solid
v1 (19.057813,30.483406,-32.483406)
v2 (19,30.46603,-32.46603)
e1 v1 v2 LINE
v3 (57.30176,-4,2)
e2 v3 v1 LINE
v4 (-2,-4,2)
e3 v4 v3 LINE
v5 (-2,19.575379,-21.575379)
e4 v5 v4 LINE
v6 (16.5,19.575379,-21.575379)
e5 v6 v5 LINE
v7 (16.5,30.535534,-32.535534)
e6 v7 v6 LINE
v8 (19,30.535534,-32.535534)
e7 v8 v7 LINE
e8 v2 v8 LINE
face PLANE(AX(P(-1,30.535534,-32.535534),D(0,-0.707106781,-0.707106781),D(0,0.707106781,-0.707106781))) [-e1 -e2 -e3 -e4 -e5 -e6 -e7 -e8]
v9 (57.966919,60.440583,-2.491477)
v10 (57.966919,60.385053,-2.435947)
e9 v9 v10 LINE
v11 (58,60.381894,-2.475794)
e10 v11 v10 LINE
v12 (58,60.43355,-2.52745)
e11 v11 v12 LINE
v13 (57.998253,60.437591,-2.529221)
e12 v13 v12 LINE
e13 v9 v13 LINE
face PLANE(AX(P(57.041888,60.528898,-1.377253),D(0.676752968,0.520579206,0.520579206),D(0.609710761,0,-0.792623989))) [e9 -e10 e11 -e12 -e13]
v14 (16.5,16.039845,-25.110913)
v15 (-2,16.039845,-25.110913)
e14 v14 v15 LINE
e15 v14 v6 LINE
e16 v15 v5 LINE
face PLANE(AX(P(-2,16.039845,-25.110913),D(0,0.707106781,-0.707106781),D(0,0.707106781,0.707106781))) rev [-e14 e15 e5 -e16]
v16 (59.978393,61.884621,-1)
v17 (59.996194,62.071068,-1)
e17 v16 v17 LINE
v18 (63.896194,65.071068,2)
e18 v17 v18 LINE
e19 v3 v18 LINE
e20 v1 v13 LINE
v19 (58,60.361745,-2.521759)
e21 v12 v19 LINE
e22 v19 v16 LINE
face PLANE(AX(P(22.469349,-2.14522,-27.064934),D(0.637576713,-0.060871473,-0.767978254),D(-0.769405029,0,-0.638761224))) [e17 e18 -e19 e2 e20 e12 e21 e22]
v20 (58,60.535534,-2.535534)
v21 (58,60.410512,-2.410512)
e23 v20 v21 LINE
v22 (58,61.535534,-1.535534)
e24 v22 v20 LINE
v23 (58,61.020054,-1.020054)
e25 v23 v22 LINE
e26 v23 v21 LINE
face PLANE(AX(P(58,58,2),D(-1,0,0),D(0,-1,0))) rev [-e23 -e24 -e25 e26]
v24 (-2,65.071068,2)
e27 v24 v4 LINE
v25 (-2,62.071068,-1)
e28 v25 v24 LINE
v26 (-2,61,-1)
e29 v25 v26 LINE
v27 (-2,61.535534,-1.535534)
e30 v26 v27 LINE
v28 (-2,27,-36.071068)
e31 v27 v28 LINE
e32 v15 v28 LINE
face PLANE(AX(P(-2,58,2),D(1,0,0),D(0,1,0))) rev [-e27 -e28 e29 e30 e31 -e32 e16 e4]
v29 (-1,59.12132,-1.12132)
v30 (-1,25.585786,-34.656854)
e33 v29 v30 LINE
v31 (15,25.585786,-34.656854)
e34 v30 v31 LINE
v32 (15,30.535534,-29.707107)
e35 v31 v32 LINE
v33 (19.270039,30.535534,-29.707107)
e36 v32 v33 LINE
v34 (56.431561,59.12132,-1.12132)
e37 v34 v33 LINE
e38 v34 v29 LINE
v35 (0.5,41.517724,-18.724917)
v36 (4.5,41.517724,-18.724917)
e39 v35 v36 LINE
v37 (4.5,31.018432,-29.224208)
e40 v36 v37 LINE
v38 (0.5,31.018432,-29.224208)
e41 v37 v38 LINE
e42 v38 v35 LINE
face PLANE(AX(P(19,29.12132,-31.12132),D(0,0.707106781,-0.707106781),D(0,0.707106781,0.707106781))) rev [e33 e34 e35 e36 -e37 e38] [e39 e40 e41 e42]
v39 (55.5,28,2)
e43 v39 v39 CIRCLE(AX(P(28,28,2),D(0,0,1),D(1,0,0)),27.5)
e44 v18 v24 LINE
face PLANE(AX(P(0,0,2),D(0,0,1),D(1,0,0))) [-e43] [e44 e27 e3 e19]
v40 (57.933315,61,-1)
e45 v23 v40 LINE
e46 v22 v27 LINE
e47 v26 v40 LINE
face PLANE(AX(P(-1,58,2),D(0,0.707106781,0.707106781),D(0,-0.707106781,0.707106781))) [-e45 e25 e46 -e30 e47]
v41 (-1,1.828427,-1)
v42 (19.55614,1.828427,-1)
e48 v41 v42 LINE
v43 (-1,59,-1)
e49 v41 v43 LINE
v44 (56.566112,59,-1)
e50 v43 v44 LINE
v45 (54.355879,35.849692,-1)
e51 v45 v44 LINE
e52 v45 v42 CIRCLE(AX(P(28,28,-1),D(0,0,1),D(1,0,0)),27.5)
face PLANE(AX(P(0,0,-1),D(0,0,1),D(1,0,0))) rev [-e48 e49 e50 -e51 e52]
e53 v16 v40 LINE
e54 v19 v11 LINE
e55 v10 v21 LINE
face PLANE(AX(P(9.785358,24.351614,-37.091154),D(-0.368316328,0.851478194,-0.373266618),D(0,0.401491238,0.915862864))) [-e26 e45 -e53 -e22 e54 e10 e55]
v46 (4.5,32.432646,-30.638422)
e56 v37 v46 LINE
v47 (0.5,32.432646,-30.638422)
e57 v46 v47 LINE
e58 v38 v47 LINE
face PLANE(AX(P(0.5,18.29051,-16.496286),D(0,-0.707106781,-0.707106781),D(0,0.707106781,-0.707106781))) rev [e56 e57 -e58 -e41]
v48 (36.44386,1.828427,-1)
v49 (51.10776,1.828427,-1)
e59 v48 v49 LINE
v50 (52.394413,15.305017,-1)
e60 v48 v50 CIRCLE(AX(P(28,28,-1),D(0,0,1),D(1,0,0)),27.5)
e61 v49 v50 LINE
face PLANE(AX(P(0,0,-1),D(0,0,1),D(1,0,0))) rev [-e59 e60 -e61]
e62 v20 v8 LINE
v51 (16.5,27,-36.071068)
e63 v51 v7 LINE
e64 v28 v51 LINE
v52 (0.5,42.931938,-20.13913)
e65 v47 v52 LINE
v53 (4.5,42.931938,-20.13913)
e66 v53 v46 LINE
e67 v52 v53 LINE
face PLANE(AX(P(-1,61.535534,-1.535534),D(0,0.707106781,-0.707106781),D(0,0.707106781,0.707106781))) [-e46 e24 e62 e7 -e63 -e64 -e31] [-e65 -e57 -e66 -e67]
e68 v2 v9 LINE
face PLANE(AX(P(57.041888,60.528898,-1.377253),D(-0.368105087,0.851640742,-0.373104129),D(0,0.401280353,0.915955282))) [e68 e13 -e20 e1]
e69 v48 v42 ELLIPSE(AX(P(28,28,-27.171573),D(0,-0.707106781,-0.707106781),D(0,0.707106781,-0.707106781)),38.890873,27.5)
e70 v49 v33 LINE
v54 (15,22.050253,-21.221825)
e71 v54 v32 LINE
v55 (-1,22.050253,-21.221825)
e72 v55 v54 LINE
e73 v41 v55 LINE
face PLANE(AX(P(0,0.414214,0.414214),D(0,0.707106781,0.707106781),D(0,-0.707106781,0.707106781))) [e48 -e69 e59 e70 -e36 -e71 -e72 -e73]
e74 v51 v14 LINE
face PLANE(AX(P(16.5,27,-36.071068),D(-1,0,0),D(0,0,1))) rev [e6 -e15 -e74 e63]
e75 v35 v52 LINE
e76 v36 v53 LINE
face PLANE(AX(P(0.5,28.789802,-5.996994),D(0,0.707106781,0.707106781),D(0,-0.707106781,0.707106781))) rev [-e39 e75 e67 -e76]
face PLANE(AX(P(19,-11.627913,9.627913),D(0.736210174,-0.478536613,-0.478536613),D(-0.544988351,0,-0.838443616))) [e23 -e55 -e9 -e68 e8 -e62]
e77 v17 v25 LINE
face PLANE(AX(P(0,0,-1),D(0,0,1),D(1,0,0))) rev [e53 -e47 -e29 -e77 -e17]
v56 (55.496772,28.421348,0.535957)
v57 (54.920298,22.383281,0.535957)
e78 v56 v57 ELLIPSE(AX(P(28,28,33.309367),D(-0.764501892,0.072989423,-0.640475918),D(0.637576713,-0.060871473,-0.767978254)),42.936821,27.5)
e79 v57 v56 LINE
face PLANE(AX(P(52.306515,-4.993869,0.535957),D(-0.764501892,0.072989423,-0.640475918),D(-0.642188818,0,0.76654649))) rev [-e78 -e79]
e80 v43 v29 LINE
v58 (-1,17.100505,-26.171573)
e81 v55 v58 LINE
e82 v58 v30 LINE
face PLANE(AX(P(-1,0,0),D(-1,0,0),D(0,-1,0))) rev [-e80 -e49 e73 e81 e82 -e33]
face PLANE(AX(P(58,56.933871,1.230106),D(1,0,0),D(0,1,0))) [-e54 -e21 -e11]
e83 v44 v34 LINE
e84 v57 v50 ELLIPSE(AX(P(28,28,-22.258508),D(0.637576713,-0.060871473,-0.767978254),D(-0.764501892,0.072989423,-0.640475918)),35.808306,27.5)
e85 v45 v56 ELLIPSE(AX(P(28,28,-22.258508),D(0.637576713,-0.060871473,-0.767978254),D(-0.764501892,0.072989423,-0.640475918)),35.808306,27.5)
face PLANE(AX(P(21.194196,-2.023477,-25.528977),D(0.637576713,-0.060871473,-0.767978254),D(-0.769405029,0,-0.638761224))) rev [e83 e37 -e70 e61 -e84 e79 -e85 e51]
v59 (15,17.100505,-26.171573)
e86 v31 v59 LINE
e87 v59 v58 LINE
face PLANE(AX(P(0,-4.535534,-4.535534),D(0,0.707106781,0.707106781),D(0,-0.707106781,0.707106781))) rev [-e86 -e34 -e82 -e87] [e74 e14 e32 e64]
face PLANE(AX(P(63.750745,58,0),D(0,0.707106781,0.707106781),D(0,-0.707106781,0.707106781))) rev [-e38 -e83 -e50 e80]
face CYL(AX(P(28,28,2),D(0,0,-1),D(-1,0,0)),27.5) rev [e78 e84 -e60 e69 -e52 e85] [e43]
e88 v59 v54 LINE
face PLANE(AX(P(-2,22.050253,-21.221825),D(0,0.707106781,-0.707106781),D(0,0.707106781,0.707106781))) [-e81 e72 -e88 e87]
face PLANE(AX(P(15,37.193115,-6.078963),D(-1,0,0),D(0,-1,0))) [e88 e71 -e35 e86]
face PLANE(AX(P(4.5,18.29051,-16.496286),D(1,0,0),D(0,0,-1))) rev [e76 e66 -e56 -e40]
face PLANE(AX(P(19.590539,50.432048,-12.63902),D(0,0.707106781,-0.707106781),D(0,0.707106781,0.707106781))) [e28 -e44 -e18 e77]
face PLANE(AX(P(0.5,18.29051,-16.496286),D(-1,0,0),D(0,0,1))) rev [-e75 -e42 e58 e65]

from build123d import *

# Parameters (mm, degrees)
SKETCH1_W            = 60
SKETCH1_H            = 60
SKETCH1_R            = 27.5
BOSS_EXTRUDE2_DEPTH  = 2
BOSS_EXTRUDE3_DEPTH  = 1
BOSS_EXTRUDE4_DEPTH  = 59
BOSS_EXTRUDE5_DEPTH  = 20
SKETCH6_W            = 4
SKETCH6_H            = 14.848240743
CUT_EXTRUDE1_DEPTH   = 20
BOSS_EXTRUDE6_DEPTH  = 2
SKETCH9_W            = 21
SKETCH9_H            = 33.426406871
BOSS_EXTRUDE8_DEPTH  = 2
SKETCH11_W           = 57.719066806
SKETCH11_H           = 59.906444101
BOSS_EXTRUDE9_DEPTH  = 1.5
CUT_EXTRUDE3_DEPTH   = 44.570078861
BOSS_EXTRUDE10_REACH = 41.922
CUT_EXTRUDE4_DEPTH   = 26.5
SKETCH15_W           = 98.795654727
SKETCH15_H           = 69.251879537
CUT_EXTRUDE5_DEPTH   = 59.5
SKETCH16_R           = 67.668555037
CUT_EXTRUDE6_DEPTH   = 1093.5
SKETCH17_R           = 80.414803425
CUT_EXTRUDE7_DEPTH   = 212.5
SKETCH18_W           = 81.243812254
SKETCH18_H           = 75.888975698
SKETCH18_R           = 27.5
BOSS_EXTRUDE12_DEPTH = 3
BOSS_EXTRUDE13_DEPTH = 2
SKETCH20_R           = 82.636183776
CUT_EXTRUDE8_DEPTH   = 100
SKETCH21_R           = 85.046347758
CUT_EXTRUDE9_DEPTH   = 22
SKETCH23_R           = 93.159906211
CUT_EXTRUDE11_DEPTH  = 94
SKETCH24_R           = 86.281354965
CUT_EXTRUDE12_DEPTH  = 48
SKETCH25_R           = 66.198443884
CUT_EXTRUDE13_DEPTH  = 170
BOSS_EXTRUDE14_DEPTH = 2
SKETCH27_W           = 18.5
SKETCH27_H           = 15.5
SKETCH27_W_2         = 16
SKETCH27_H_2         = 12
BOSS_EXTRUDE15_DEPTH = 5


with BuildPart() as part:
    # Sketch1 → Boss-Extrude2 (new body)
    with BuildSketch(Plane.XY):
        with Locations((28, 28)):
            Rectangle(SKETCH1_W, SKETCH1_H)
        with Locations((28, 28)):
            Circle(SKETCH1_R, mode=Mode.SUBTRACT)
    extrude(amount=BOSS_EXTRUDE2_DEPTH)

    # Sketch2 → Boss-Extrude3 (add)
    with BuildSketch(Plane.ZY.offset(2)):
        Polygon((2, 58), (-1.535533906, 61.535533906), (-32.535533906, 30.535533906), (0, -2), (0, 58), align=None)
    extrude(amount=-BOSS_EXTRUDE3_DEPTH)

    # Sketch3 → Boss-Extrude4 (add)
    with BuildSketch(Plane(origin=(-1, 0, 0), x_dir=(0, 0, -1), z_dir=(1, 0, 0))):
        Polygon((0, 58), (2.535533906, 60.535533906), (1.535533906, 61.535533906), (-2, 58), align=None)
    extrude(amount=BOSS_EXTRUDE4_DEPTH)

    # Sketch5 → Boss-Extrude5 (add)
    with BuildSketch(Plane(origin=(-1, 0, 0), x_dir=(0, 0, -1), z_dir=(1, 0, 0))):
        Polygon((2.535533906, 60.535533906), (32.535533906, 30.535533906), (31.121320344, 29.121320344), (1.121320344, 59.121320344), align=None)
    extrude(amount=BOSS_EXTRUDE5_DEPTH)

    # Sketch6 → Cut-Extrude1 (cut)
    with BuildSketch(Plane(origin=(0, 31.535533906, -31.535533906), x_dir=(1, 0, 0), z_dir=(0, 0.707106781, -0.707106781))):
        with Locations((2.5, -8.692828461)):
            Rectangle(SKETCH6_W, SKETCH6_H)
    extrude(amount=-CUT_EXTRUDE1_DEPTH, mode=Mode.SUBTRACT)

    # Sketch7 → Boss-Extrude6 (add)
    with BuildSketch(Plane(origin=(0, 31.535533906, -31.535533906), x_dir=(1, 0, 0), z_dir=(0, 0.707106781, -0.707106781))):
        Polygon((19, 1.414213562), (58, -41.012193309), (19, -41.012193309), align=None)
    extrude(amount=-BOSS_EXTRUDE6_DEPTH)

    # Sketch9 → Boss-Extrude8 (add)
    with BuildSketch(Plane(origin=(0, -1, -1), x_dir=(-1, 0, 0), z_dir=(0, -0.707106781, -0.707106781))):
        with Locations((-8.5, 13.884776311)):
            Rectangle(SKETCH9_W, SKETCH9_H)
    extrude(amount=-BOSS_EXTRUDE8_DEPTH)

    # Sketch11 → Boss-Extrude9 (add)
    with BuildSketch(Plane(origin=(22.469349188, -2.1452201, -27.064933845), x_dir=(-0.676752968, -0.520579206, -0.520579206), z_dir=(0.637576713, -0.060871473, -0.767978254))):
        with Locations((-40.536850198, 1.112103584)):
            Rectangle(SKETCH11_W, SKETCH11_H)
    extrude(amount=-BOSS_EXTRUDE9_DEPTH)

    # Sketch12 → Cut-Extrude3 (cut, through all)
    with BuildSketch(Plane(origin=(21.512984119, -2.053912891, -25.912966464), x_dir=(0.770386874, 0.050377589, 0.635583325), z_dir=(-0.637576713, 0.060871473, 0.767978254))):
        Polygon((43.649580839, -2.15177531), (42.724580914, -9.59239755), (74.742668884, 7.823146391), (47.317707346, 58.243324712), align=None)
    extrude(amount=-CUT_EXTRUDE3_DEPTH, mode=Mode.SUBTRACT)

    # Boss-Extrude10: up to this face of the body (flat: up to its plane)
    boss_extrude10_end = Plane(part.part.faces().sort_by_distance((41.682824106, 19.529388287, -10.878669739))[0])
    # Sketch13 → Boss-Extrude10 (add, up to the picked face)
    with BuildSketch(Plane(origin=(19, 0, 0), x_dir=(0, 0, -1), z_dir=(1, 0, 0)), mode=Mode.PRIVATE) as boss_extrude10_sk1:
        Polygon((21.221825407, 22.050252532), (22.636038969, 20.636038969), (-1, -3), (-2.414213562, -1.585786438), align=None)
    boss_extrude10_tool1 = split(extrude(boss_extrude10_sk1.sketch, amount=BOSS_EXTRUDE10_REACH, mode=Mode.PRIVATE), bisect_by=boss_extrude10_end, keep=Keep.BOTH, mode=Mode.PRIVATE)
    add(boss_extrude10_tool1.solids().sort_by_distance((19, 9.525126, -10.110913))[0])

    # Sketch14 → Cut-Extrude4 (cut)
    with BuildSketch(Plane(origin=(21.512984119, -2.053912891, -25.912966464), x_dir=(0.770386874, 0.050377589, 0.635583325), z_dir=(-0.637576713, 0.060871473, 0.767978254))):
        Polygon((41.962116988, -3.069634642), (7.93553086, 22.360087902), (-27.775626078, 49.048772133), (11.868884468, -40.106499749), (63.912471384, -11.732484985), align=None)
    extrude(amount=-CUT_EXTRUDE4_DEPTH, mode=Mode.SUBTRACT)

    # Sketch15 → Cut-Extrude5 (cut)
    with BuildSketch(Plane(origin=(0, -1, -1), x_dir=(-1, 0, 0), z_dir=(0, -0.707106781, -0.707106781))):
        with Locations((-41.379570233, 23.483837132)):
            Rectangle(SKETCH15_W, SKETCH15_H)
    extrude(amount=CUT_EXTRUDE5_DEPTH, mode=Mode.SUBTRACT)

    # Sketch16 → Cut-Extrude6 (cut)
    with BuildSketch(Plane(origin=(22.469349188, -2.1452201, -27.064933845), x_dir=(-0.770386874, -0.050377589, -0.635583325), z_dir=(0.637576713, -0.060871473, -0.767978254))):
        with Locations((-31.476014369, 28.909090329)):
            Circle(SKETCH16_R)
    extrude(amount=CUT_EXTRUDE6_DEPTH, mode=Mode.SUBTRACT)

    # Sketch17 → Cut-Extrude7 (cut)
    with BuildSketch(Plane(origin=(58, 0, 0), x_dir=(0, 0, -1), z_dir=(1, 0, 0))):
        with Locations((-1.230106157, 56.933870915)):
            Circle(SKETCH17_R)
    extrude(amount=CUT_EXTRUDE7_DEPTH, mode=Mode.SUBTRACT)

    # Sketch18 → Boss-Extrude12 (add)
    with BuildSketch(Plane.XY.offset(2)):
        with Locations((28, 28)):
            Rectangle(SKETCH18_W, SKETCH18_H)
        with Locations((28, 28)):
            Circle(SKETCH18_R, mode=Mode.SUBTRACT)
    extrude(amount=-BOSS_EXTRUDE12_DEPTH)

    # Sketch19 → Boss-Extrude13 (add)
    with BuildSketch(Plane(origin=(22.469349188, -2.1452201, -27.064933845), x_dir=(-0.770386874, -0.050377589, -0.635583325), z_dir=(0.637576713, -0.060871473, -0.767978254))):
        Polygon((-48.688581729, 61.770152877), (-46.120529867, 41.112957892), (-46.120529867, 60.372277801), align=None)
        Polygon((-46.120529867, 41.112957892), (-40.895361663, -0.917859332), (4.352561758, 32.898114271), (-46.120529867, 60.372277801), align=None)
    extrude(amount=-BOSS_EXTRUDE13_DEPTH)

    # Sketch20 → Cut-Extrude8 (cut)
    with BuildSketch(Plane(origin=(22.469349188, -2.1452201, -27.064933845), x_dir=(-0.770386874, -0.050377589, -0.635583325), z_dir=(0.637576713, -0.060871473, -0.767978254))):
        with Locations((-26.945010232, 29.388055989)):
            Circle(SKETCH20_R)
    extrude(amount=CUT_EXTRUDE8_DEPTH, mode=Mode.SUBTRACT)

    # Sketch21 → Cut-Extrude9 (cut)
    with BuildSketch(Plane(origin=(0, 31.535533906, -31.535533906), x_dir=(1, 0, 0), z_dir=(0, 0.707106781, -0.707106781))):
        with Locations((19.590538608, -26.723706738)):
            Circle(SKETCH21_R)
    extrude(amount=CUT_EXTRUDE9_DEPTH, mode=Mode.SUBTRACT)

    # Sketch23 → Cut-Extrude11 (cut)
    with BuildSketch(Plane.ZY.offset(2)):
        with Locations((-13.361611356, 29.287919071)):
            Circle(SKETCH23_R)
    extrude(amount=CUT_EXTRUDE11_DEPTH, mode=Mode.SUBTRACT)

    # Sketch24 → Cut-Extrude12 (cut)
    with BuildSketch(Plane(origin=(0, -1, -1), x_dir=(-1, 0, 0), z_dir=(0, -0.707106781, -0.707106781))):
        with Locations((-12.739775939, 17.868647739)):
            Circle(SKETCH24_R)
    extrude(amount=CUT_EXTRUDE12_DEPTH, mode=Mode.SUBTRACT)

    # Sketch25 → Cut-Extrude13 (cut)
    with BuildSketch(Plane.XY.offset(2)):
        with Locations((30.355803371, 29.212907652)):
            Circle(SKETCH25_R)
    extrude(amount=CUT_EXTRUDE13_DEPTH, mode=Mode.SUBTRACT)

    # Sketch26 → Boss-Extrude14 (add)
    with BuildSketch(Plane(origin=(0, -1, -1), x_dir=(-1, 0, 0), z_dir=(0, -0.707106781, -0.707106781))):
        Polygon((-15, 30.597979746), (-15, 44.597979746), (-18.325381464, 44.597979746), (-30.150830661, 29.463089368), (-15, 29.463089368), align=None)
    extrude(amount=-BOSS_EXTRUDE14_DEPTH)

    # Sketch27 → Boss-Extrude15 (add)
    with BuildSketch(Plane(origin=(0, -1, -1), x_dir=(-1, 0, 0), z_dir=(0, -0.707106781, -0.707106781))):
        with Locations((-7.25, 36.847979746)):
            Rectangle(SKETCH27_W, SKETCH27_H)
        with Locations((-7, 36.597979746)):
            Rectangle(SKETCH27_W_2, SKETCH27_H_2, mode=Mode.SUBTRACT)
    extrude(amount=BOSS_EXTRUDE15_DEPTH)


solid = part.part
